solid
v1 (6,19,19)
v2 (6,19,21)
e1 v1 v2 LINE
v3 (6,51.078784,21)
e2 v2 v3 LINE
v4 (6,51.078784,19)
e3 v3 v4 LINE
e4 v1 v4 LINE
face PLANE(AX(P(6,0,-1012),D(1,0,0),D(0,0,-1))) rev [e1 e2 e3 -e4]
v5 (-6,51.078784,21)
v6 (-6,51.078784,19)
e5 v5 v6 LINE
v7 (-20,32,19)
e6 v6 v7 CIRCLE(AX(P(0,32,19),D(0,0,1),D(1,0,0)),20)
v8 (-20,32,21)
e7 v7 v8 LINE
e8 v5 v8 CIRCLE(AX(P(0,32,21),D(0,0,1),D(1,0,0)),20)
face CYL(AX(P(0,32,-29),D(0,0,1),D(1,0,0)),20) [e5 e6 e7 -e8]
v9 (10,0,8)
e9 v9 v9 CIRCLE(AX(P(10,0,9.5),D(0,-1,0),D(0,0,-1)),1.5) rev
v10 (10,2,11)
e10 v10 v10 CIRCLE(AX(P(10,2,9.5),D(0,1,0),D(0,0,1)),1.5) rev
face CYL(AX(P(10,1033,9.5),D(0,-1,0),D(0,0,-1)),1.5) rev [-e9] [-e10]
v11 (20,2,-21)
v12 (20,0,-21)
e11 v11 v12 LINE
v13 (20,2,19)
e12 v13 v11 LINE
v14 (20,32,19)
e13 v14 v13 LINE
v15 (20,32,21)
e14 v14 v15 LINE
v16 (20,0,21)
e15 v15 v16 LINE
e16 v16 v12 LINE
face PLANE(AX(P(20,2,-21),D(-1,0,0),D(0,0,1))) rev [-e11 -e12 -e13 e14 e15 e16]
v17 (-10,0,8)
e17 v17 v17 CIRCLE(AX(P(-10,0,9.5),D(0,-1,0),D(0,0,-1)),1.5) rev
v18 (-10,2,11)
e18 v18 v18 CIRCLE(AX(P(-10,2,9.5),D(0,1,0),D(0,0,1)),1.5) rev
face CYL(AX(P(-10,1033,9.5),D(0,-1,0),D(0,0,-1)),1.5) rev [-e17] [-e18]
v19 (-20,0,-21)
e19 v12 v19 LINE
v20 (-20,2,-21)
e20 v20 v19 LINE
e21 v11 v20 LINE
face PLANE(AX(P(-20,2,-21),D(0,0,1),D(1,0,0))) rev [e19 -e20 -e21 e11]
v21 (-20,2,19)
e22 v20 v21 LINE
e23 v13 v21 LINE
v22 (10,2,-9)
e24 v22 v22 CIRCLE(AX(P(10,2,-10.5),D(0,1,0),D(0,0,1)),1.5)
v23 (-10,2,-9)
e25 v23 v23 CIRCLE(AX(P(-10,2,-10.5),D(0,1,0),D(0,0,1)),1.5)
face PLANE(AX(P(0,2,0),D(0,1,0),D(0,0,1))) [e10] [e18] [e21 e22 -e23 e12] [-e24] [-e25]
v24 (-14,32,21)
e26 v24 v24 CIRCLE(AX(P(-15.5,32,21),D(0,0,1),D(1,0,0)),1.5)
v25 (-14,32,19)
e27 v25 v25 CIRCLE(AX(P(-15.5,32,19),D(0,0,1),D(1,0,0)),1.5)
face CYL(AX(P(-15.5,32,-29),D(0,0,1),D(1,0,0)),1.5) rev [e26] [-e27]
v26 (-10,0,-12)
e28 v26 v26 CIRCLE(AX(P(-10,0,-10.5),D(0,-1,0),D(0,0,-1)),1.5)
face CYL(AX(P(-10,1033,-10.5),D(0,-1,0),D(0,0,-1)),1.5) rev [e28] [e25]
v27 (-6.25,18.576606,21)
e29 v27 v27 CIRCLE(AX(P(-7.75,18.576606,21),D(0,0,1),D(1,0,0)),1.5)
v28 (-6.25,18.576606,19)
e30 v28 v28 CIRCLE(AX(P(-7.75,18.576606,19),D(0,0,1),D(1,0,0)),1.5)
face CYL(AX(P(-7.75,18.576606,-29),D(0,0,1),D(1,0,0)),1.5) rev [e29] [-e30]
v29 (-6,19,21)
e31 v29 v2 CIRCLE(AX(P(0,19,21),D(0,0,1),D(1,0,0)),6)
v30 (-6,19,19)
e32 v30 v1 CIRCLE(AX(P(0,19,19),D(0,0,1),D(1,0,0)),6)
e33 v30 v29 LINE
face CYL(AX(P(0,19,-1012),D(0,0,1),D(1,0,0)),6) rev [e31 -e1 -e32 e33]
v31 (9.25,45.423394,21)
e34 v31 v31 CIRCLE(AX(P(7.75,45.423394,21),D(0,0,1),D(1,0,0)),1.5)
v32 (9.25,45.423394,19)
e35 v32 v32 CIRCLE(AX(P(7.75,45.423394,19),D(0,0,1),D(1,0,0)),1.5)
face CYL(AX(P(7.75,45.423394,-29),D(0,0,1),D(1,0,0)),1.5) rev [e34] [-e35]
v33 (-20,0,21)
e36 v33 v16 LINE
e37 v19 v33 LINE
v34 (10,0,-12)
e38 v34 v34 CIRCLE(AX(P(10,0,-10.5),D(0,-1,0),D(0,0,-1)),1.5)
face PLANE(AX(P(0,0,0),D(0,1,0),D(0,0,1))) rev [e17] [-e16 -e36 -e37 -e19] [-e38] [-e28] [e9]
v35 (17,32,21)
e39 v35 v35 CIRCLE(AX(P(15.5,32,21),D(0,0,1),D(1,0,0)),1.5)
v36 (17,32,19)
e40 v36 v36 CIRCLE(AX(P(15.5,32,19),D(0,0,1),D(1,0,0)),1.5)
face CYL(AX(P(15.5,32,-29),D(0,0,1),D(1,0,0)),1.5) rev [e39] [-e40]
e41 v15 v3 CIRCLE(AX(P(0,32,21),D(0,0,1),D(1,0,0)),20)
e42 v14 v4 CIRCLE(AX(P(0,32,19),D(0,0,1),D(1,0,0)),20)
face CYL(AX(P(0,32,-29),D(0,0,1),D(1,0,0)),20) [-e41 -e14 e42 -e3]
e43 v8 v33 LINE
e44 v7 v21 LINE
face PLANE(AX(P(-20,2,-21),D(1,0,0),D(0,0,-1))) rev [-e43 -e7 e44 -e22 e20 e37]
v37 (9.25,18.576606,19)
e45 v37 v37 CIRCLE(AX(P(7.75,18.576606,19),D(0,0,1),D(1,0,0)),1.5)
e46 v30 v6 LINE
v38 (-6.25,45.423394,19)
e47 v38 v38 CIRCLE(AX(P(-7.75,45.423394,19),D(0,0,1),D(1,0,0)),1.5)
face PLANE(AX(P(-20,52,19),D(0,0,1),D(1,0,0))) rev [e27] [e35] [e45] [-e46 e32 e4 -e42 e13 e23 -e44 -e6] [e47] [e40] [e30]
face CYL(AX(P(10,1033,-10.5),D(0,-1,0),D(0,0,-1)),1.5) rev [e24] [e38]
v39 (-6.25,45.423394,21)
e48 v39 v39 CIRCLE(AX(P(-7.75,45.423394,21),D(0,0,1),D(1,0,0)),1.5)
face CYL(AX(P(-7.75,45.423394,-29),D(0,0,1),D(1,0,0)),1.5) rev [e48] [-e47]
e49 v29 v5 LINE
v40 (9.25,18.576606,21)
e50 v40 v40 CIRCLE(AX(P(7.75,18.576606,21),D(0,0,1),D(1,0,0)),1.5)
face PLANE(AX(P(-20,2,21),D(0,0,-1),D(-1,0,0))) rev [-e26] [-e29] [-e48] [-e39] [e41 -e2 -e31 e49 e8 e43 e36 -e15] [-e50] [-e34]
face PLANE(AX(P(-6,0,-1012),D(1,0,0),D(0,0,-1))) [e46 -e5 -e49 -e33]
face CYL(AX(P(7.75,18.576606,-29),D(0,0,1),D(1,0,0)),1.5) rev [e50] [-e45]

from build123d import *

# Parameters (mm, degrees)
SKETCH1_W           = 40
SKETCH1_H           = 42
BOSS_EXTRUDE1_DEPTH = 2
SKETCH2_W           = 40
SKETCH2_H           = 2
BOSS_EXTRUDE2_DEPTH = 50
CUT_EXTRUDE1_DEPTH  = 50
SKETCH4_R           = 1.5
CUT_EXTRUDE2_DEPTH  = 50
CUT_EXTRUDE3_DEPTH  = 1033
SKETCH6_R           = 1.5
CUT_EXTRUDE4_DEPTH  = 1033


with BuildPart() as part:
    # Sketch1 → Boss-Extrude1 (new body)
    with BuildSketch(Plane(origin=(0, 0, 0), x_dir=(1, 0, 0), z_dir=(0, 1, 0))):
        Rectangle(SKETCH1_W, SKETCH1_H)
    extrude(amount=BOSS_EXTRUDE1_DEPTH)

    # Sketch2 → Boss-Extrude2 (add)
    with BuildSketch(Plane(origin=(0, 2, 0), x_dir=(1, 0, 0), z_dir=(0, 1, 0))):
        with Locations((0, -20)):
            Rectangle(SKETCH2_W, SKETCH2_H)
    extrude(amount=BOSS_EXTRUDE2_DEPTH)

    # Sketch3 → Cut-Extrude1 (cut)
    with BuildSketch(Plane.XY.offset(21)):
        with BuildLine():
            Line((-20, 52), (-20, 32))
            ThreePointArc((-20, 32), (-14.142135619, 46.142135629), (1.4e-08, 52))
            Line((1.4e-08, 52), (-20, 52))
        make_face()
        with BuildLine():
            Line((20, 52), (1.4e-08, 52))
            ThreePointArc((1.4e-08, 52), (14.142135629, 46.142135619), (20, 32))
            Line((20, 32), (20, 52))
        make_face()
    extrude(amount=-CUT_EXTRUDE1_DEPTH, mode=Mode.SUBTRACT)

    # Sketch4 → Cut-Extrude2 (cut)
    with BuildSketch(Plane.XY.offset(21)):
        with Locations((-15.5, 32)):
            Circle(SKETCH4_R)
        with Locations((15.5, 32)):
            Circle(SKETCH4_R)
        with Locations((7.75, 18.576606241)):
            Circle(SKETCH4_R)
        with Locations((-7.75, 18.576606241)):
            Circle(SKETCH4_R)
        with Locations((-7.75, 45.423393759)):
            Circle(SKETCH4_R)
        with Locations((7.75, 45.423393759)):
            Circle(SKETCH4_R)
    extrude(amount=-CUT_EXTRUDE2_DEPTH, mode=Mode.SUBTRACT)

    # Sketch5 → Cut-Extrude3 (cut)
    with BuildSketch(Plane.XY.offset(21)):
        with BuildLine():
            ThreePointArc((6, 51.078784028), (0, 52), (-6, 51.078784028))
            Line((-6, 51.078784028), (-6, 19))
            ThreePointArc((-6, 19), (0, 13), (6, 19))
            Line((6, 19), (6, 51.078784028))
        make_face()
    extrude(amount=-CUT_EXTRUDE3_DEPTH, mode=Mode.SUBTRACT)

    # Sketch6 → Cut-Extrude4 (cut)
    with BuildSketch(Plane.XZ):
        with Locations(Location((-10, 9.5, 0), (0, 0, 270))):
            Circle(SKETCH6_R)
        with Locations(Location((10, 9.5, 0), (0, 0, 270))):
            Circle(SKETCH6_R)
        with Locations(Location((10, -10.5, 0), (0, 0, 270))):
            Circle(SKETCH6_R)
        with Locations(Location((-10, -10.5, 0), (0, 0, 270))):
            Circle(SKETCH6_R)
    extrude(amount=-CUT_EXTRUDE4_DEPTH, mode=Mode.SUBTRACT)


solid = part.part
